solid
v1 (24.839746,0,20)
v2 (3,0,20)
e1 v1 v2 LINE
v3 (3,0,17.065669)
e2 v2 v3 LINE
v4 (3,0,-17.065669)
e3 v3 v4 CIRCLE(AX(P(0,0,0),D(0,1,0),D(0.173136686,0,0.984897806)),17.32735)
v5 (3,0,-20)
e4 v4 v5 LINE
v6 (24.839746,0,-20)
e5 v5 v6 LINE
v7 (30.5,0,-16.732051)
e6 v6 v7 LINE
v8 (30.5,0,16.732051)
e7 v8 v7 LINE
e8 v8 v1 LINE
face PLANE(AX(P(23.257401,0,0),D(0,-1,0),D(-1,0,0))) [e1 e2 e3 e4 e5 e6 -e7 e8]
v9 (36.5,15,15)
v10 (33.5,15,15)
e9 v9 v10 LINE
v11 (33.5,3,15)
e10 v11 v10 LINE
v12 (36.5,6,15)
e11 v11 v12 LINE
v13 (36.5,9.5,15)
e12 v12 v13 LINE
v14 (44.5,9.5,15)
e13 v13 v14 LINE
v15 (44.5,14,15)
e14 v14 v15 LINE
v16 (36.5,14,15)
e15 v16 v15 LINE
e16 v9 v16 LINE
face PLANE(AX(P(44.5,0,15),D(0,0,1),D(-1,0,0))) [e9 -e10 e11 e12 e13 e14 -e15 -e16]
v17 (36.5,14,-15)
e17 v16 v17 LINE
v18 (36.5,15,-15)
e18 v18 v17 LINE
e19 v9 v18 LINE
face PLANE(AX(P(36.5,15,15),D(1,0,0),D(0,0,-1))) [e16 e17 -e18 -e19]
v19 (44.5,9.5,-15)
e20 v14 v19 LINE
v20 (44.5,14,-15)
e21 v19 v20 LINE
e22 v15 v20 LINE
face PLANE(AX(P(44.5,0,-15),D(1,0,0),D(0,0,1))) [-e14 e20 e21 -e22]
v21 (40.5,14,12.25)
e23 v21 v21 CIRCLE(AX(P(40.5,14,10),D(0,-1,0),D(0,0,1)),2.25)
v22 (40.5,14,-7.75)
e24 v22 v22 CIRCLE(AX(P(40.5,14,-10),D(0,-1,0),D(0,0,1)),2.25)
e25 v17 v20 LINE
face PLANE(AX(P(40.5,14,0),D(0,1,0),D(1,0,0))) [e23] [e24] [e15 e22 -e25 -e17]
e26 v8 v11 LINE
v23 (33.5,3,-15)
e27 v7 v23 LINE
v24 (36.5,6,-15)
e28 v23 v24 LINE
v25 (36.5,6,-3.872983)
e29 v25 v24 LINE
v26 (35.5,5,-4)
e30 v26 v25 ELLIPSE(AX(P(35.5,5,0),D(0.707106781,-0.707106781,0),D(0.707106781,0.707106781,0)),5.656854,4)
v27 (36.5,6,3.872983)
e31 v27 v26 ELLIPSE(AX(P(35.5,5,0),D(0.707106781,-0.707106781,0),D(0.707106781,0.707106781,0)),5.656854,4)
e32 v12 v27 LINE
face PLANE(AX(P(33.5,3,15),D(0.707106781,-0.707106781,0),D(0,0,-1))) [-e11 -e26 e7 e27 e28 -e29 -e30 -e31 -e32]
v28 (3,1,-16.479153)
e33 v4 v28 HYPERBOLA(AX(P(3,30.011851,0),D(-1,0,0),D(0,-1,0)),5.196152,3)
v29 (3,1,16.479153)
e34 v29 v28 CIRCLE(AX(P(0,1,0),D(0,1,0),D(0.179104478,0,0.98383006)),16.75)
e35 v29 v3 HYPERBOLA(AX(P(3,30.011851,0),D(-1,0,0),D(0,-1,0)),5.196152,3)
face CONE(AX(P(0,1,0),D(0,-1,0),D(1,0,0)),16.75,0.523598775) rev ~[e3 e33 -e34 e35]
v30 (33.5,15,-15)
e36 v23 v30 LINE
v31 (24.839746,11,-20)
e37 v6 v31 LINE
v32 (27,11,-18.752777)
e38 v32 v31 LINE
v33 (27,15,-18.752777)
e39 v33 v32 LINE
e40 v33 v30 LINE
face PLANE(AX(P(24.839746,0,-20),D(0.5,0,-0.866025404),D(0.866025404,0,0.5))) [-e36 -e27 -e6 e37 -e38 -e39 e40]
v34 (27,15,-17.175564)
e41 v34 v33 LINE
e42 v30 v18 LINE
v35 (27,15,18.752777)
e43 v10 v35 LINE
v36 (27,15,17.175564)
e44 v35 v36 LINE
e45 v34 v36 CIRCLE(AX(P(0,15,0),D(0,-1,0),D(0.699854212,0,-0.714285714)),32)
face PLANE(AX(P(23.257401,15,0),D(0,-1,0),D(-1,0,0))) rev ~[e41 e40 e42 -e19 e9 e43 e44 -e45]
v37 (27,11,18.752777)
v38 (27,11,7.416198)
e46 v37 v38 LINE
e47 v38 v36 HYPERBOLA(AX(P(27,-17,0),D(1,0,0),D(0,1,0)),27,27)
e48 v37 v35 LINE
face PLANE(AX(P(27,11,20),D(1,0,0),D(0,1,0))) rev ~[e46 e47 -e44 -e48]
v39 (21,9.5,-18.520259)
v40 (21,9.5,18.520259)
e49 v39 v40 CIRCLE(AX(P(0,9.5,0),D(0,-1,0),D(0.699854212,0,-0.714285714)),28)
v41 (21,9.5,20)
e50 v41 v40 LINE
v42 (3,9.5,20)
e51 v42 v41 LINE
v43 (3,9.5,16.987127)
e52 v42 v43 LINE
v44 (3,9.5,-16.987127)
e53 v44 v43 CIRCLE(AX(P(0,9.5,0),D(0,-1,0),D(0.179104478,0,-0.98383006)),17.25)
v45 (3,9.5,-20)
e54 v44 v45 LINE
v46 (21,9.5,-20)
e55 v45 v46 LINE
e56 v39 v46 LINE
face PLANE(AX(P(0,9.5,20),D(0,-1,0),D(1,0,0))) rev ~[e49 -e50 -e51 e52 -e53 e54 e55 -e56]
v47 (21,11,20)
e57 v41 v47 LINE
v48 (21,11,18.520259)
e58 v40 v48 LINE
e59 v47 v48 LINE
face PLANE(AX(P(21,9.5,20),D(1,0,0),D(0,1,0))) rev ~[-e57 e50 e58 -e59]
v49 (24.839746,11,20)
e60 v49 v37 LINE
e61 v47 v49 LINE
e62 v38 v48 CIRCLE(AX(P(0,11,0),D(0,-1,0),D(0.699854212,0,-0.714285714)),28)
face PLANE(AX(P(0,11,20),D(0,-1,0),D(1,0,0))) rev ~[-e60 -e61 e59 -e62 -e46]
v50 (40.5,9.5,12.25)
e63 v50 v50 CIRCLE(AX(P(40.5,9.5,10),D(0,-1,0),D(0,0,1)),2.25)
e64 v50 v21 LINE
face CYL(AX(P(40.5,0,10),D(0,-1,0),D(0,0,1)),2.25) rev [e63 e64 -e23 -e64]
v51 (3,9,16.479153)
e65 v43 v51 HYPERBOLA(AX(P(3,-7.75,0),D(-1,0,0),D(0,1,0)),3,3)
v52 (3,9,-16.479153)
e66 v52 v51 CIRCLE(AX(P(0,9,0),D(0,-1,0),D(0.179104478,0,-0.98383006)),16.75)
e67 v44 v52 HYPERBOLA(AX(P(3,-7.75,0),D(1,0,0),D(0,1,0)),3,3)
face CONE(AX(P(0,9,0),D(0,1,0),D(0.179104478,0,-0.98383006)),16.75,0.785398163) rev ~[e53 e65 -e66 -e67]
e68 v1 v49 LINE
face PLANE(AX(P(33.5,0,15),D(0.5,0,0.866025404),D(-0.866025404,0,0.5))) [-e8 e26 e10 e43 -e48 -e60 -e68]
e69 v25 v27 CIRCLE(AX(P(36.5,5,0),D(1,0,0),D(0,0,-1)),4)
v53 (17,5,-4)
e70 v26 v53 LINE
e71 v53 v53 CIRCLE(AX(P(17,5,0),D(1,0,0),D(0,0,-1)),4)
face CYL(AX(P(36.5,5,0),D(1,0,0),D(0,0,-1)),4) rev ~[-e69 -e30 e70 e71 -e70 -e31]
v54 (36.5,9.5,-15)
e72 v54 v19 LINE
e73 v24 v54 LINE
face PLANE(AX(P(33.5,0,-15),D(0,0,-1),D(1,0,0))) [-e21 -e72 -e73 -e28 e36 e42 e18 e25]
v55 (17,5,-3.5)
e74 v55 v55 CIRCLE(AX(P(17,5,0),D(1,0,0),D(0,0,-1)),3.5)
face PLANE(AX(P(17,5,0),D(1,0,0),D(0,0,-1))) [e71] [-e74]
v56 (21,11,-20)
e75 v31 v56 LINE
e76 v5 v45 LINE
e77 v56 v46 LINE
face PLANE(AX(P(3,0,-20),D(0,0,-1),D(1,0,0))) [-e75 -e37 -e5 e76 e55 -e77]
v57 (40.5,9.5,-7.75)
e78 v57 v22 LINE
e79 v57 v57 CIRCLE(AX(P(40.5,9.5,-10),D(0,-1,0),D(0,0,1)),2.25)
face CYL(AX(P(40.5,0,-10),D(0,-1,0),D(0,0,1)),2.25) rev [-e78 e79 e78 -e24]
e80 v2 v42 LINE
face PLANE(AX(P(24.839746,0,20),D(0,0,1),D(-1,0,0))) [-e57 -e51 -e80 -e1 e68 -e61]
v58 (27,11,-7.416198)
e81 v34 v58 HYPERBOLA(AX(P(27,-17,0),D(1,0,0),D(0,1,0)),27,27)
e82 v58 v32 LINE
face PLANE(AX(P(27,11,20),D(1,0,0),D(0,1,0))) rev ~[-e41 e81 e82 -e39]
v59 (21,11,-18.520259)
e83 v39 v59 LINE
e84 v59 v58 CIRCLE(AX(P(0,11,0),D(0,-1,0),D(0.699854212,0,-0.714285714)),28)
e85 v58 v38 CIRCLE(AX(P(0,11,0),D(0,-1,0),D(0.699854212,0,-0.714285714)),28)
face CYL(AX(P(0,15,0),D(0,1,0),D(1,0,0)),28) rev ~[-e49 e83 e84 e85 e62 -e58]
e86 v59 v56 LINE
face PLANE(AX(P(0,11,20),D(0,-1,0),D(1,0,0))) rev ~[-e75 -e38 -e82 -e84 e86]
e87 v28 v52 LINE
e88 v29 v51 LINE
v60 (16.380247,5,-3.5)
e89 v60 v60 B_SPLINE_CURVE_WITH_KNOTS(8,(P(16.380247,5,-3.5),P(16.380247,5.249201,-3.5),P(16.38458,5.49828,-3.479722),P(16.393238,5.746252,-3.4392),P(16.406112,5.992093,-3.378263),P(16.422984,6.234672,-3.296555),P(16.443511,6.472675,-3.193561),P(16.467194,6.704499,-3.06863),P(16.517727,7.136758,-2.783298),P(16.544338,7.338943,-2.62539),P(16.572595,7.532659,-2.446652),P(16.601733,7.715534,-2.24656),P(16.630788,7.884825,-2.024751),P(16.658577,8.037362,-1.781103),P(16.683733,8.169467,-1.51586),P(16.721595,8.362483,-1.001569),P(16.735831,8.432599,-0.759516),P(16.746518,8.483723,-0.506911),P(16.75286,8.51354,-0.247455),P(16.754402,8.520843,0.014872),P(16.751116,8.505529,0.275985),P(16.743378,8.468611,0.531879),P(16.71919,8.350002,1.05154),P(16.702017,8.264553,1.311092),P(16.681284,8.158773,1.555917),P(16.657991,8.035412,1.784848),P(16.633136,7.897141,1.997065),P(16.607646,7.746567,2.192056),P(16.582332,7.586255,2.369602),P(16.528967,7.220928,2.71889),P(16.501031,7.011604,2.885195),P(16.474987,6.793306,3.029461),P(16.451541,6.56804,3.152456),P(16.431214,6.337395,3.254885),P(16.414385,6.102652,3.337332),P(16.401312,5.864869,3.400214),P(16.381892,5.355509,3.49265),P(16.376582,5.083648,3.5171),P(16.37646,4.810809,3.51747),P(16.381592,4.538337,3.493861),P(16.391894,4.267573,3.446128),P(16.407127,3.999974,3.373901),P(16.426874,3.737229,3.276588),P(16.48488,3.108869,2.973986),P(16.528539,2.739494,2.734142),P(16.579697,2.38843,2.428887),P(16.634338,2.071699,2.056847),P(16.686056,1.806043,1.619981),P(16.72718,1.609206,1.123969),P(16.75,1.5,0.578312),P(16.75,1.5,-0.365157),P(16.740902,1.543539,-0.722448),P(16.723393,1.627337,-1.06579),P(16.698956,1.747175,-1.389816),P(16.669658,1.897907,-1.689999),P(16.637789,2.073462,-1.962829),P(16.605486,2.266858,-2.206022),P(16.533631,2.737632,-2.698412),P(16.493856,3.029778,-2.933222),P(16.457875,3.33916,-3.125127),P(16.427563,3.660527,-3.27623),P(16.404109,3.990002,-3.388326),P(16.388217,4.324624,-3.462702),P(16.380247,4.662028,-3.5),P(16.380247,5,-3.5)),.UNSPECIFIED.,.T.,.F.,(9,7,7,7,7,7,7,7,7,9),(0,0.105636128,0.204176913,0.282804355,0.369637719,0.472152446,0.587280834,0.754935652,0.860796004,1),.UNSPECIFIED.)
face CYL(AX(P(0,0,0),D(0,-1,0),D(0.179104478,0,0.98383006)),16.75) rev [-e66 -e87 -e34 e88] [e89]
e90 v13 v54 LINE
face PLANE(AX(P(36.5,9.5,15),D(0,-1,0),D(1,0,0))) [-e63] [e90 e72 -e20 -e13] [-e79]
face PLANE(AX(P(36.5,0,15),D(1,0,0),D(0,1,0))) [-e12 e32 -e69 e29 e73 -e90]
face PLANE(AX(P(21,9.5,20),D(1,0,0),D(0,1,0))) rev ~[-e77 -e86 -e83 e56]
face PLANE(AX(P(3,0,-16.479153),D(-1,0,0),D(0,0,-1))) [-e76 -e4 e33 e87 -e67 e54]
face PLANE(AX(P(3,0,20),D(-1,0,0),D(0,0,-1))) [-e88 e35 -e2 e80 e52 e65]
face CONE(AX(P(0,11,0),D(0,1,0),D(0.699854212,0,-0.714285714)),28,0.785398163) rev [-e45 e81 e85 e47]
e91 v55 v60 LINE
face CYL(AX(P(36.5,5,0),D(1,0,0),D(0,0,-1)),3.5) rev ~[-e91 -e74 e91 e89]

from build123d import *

# Parameters (mm, degrees)
CROQUIS1_R              = 2.25
SALIENTE_EXTRUIR2_DEPTH = 15
CROQUIS2_W              = 8
CROQUIS2_H              = 30
CORTAR_EXTRUIR1_DEPTH   = 1
CROQUIS5_R              = 28
CORTAR_EXTRUIR2_DEPTH   = 5.5
CHAFL_N1_SIZE           = 4
CROQUIS6_W              = 27
CROQUIS6_H              = 4
CORTAR_EXTRUIR3_DEPTH   = 62.686708544
CROQUIS7_W              = 21
CROQUIS7_H              = 1.5
CORTAR_EXTRUIR4_DEPTH   = 62.686708455
CORTAR_EXTRUIR5_REACH   = 60.568
CROQUIS8_W              = 8
CROQUIS8_H              = 9.5
CHAFL_N2_SIZE           = 6
CHAFL_N3_SIZE           = 0.5
CROQUIS9_R              = 3.5
CORTAR_EXTRUIR6_DEPTH   = 42.800119617
CROQUIS10_R             = 4
CORTAR_EXTRUIR7_DEPTH   = 19.5


with BuildPart() as part:
    # Croquis1 → Saliente-Extruir2 (new body)
    with BuildSketch(Plane(origin=(0, 0, 0), x_dir=(1, 0, 0), z_dir=(0, 1, 0))):
        with BuildLine():
            Line((3, 20), (24.839745962, 20))
            Line((24.839745962, 20), (33.5, 15))
            Line((33.5, 15), (44.5, 15))
            Line((44.5, 15), (44.5, -15))
            Line((44.5, -15), (33.5, -15))
            Line((33.5, -15), (24.839745962, -20))
            Line((24.839745962, -20), (3, -20))
            Line((3, -20), (3, -16.479153498))
            ThreePointArc((3, -16.479153498), (16.75, 0), (3, 16.479153498))
            Line((3, 16.479153498), (3, 20))
        make_face()
        with Locations(Location((40.5, 10, 0), (0, 0, 270))):
            Circle(CROQUIS1_R, mode=Mode.SUBTRACT)
        with Locations(Location((40.5, -10, 0), (0, 0, 270))):
            Circle(CROQUIS1_R, mode=Mode.SUBTRACT)
    extrude(amount=SALIENTE_EXTRUIR2_DEPTH)

    # Croquis2 → Cortar-Extruir1 (cut)
    with BuildSketch(Plane(origin=(0, 15, 0), x_dir=(1, 0, 0), z_dir=(0, 1, 0))):
        with Locations((40.5, 0)):
            Rectangle(CROQUIS2_W, CROQUIS2_H)
    extrude(amount=-CORTAR_EXTRUIR1_DEPTH, mode=Mode.SUBTRACT)

    # Croquis3 → Cortar-Revolución1 (revolve, cut)
    with BuildSketch(Plane.XY):
        Polygon((16.75, 0), (16.75, 1), (17.327350269, 0), align=None)
    revolve(axis=Axis((0, 15, 0), (0, -1, 0)), mode=Mode.SUBTRACT)

    # Croquis5 → Cortar-Extruir2 (cut)
    with BuildSketch(Plane(origin=(0, 15, 0), x_dir=(1, 0, 0), z_dir=(0, 1, 0))):
        Circle(CROQUIS5_R)
    extrude(amount=-CORTAR_EXTRUIR2_DEPTH, mode=Mode.SUBTRACT)

    # Chaflán1
    chafl_n1_edges = [part.edges().sort_by_distance(p)[0] for p in [
        (28, 15, 0),
    ]]
    chamfer(chafl_n1_edges, length=CHAFL_N1_SIZE)

    # Croquis6 → Cortar-Extruir3 (cut, through all)
    with BuildSketch(Plane.XY.offset(20)):
        with Locations((13.5, 13)):
            Rectangle(CROQUIS6_W, CROQUIS6_H)
    extrude(amount=-CORTAR_EXTRUIR3_DEPTH, mode=Mode.SUBTRACT)

    # Croquis7 → Cortar-Extruir4 (cut, through all)
    with BuildSketch(Plane.XY.offset(20)):
        with Locations((10.5, 10.25)):
            Rectangle(CROQUIS7_W, CROQUIS7_H)
    extrude(amount=-CORTAR_EXTRUIR4_DEPTH, mode=Mode.SUBTRACT)

    # Croquis8 → Cortar-Extruir5 (cut, up to next)
    with BuildSketch(Plane.XY.offset(15), mode=Mode.PRIVATE) as cortar_extruir5_sk1:
        with Locations((40.5, 4.75)):
            Rectangle(CROQUIS8_W, CROQUIS8_H)
    cortar_extruir5_tool1 = extrude(cortar_extruir5_sk1.sketch, amount=-CORTAR_EXTRUIR5_REACH, mode=Mode.PRIVATE) & part.part
    add(cortar_extruir5_tool1.solids().sort_by_distance((40.5, 4.75, 15))[0], mode=Mode.SUBTRACT)

    # Chaflán2
    chafl_n2_edges = [part.edges().sort_by_distance(p)[0] for p in [
        (36.5, 0, 0),
    ]]
    chamfer(chafl_n2_edges, length=CHAFL_N2_SIZE)

    # Chaflán3
    chafl_n3_edges = [part.edges().sort_by_distance(p)[0] for p in [
        (16.75, 9.5, 0),
    ]]
    chamfer(chafl_n3_edges, length=CHAFL_N3_SIZE)

    # Croquis9 → Cortar-Extruir6 (cut, through all)
    with BuildSketch(Plane(origin=(36.5, 0, 0), x_dir=(0, 0, -1), z_dir=(1, 0, 0))):
        with Locations((0, 5)):
            Circle(CROQUIS9_R)
    extrude(amount=-CORTAR_EXTRUIR6_DEPTH, mode=Mode.SUBTRACT)

    # Croquis10 → Cortar-Extruir7 (cut)
    with BuildSketch(Plane(origin=(36.5, 0, 0), x_dir=(0, 0, -1), z_dir=(1, 0, 0))):
        with Locations((0, 5)):
            Circle(CROQUIS10_R)
    extrude(amount=-CORTAR_EXTRUIR7_DEPTH, mode=Mode.SUBTRACT)


solid = part.part
